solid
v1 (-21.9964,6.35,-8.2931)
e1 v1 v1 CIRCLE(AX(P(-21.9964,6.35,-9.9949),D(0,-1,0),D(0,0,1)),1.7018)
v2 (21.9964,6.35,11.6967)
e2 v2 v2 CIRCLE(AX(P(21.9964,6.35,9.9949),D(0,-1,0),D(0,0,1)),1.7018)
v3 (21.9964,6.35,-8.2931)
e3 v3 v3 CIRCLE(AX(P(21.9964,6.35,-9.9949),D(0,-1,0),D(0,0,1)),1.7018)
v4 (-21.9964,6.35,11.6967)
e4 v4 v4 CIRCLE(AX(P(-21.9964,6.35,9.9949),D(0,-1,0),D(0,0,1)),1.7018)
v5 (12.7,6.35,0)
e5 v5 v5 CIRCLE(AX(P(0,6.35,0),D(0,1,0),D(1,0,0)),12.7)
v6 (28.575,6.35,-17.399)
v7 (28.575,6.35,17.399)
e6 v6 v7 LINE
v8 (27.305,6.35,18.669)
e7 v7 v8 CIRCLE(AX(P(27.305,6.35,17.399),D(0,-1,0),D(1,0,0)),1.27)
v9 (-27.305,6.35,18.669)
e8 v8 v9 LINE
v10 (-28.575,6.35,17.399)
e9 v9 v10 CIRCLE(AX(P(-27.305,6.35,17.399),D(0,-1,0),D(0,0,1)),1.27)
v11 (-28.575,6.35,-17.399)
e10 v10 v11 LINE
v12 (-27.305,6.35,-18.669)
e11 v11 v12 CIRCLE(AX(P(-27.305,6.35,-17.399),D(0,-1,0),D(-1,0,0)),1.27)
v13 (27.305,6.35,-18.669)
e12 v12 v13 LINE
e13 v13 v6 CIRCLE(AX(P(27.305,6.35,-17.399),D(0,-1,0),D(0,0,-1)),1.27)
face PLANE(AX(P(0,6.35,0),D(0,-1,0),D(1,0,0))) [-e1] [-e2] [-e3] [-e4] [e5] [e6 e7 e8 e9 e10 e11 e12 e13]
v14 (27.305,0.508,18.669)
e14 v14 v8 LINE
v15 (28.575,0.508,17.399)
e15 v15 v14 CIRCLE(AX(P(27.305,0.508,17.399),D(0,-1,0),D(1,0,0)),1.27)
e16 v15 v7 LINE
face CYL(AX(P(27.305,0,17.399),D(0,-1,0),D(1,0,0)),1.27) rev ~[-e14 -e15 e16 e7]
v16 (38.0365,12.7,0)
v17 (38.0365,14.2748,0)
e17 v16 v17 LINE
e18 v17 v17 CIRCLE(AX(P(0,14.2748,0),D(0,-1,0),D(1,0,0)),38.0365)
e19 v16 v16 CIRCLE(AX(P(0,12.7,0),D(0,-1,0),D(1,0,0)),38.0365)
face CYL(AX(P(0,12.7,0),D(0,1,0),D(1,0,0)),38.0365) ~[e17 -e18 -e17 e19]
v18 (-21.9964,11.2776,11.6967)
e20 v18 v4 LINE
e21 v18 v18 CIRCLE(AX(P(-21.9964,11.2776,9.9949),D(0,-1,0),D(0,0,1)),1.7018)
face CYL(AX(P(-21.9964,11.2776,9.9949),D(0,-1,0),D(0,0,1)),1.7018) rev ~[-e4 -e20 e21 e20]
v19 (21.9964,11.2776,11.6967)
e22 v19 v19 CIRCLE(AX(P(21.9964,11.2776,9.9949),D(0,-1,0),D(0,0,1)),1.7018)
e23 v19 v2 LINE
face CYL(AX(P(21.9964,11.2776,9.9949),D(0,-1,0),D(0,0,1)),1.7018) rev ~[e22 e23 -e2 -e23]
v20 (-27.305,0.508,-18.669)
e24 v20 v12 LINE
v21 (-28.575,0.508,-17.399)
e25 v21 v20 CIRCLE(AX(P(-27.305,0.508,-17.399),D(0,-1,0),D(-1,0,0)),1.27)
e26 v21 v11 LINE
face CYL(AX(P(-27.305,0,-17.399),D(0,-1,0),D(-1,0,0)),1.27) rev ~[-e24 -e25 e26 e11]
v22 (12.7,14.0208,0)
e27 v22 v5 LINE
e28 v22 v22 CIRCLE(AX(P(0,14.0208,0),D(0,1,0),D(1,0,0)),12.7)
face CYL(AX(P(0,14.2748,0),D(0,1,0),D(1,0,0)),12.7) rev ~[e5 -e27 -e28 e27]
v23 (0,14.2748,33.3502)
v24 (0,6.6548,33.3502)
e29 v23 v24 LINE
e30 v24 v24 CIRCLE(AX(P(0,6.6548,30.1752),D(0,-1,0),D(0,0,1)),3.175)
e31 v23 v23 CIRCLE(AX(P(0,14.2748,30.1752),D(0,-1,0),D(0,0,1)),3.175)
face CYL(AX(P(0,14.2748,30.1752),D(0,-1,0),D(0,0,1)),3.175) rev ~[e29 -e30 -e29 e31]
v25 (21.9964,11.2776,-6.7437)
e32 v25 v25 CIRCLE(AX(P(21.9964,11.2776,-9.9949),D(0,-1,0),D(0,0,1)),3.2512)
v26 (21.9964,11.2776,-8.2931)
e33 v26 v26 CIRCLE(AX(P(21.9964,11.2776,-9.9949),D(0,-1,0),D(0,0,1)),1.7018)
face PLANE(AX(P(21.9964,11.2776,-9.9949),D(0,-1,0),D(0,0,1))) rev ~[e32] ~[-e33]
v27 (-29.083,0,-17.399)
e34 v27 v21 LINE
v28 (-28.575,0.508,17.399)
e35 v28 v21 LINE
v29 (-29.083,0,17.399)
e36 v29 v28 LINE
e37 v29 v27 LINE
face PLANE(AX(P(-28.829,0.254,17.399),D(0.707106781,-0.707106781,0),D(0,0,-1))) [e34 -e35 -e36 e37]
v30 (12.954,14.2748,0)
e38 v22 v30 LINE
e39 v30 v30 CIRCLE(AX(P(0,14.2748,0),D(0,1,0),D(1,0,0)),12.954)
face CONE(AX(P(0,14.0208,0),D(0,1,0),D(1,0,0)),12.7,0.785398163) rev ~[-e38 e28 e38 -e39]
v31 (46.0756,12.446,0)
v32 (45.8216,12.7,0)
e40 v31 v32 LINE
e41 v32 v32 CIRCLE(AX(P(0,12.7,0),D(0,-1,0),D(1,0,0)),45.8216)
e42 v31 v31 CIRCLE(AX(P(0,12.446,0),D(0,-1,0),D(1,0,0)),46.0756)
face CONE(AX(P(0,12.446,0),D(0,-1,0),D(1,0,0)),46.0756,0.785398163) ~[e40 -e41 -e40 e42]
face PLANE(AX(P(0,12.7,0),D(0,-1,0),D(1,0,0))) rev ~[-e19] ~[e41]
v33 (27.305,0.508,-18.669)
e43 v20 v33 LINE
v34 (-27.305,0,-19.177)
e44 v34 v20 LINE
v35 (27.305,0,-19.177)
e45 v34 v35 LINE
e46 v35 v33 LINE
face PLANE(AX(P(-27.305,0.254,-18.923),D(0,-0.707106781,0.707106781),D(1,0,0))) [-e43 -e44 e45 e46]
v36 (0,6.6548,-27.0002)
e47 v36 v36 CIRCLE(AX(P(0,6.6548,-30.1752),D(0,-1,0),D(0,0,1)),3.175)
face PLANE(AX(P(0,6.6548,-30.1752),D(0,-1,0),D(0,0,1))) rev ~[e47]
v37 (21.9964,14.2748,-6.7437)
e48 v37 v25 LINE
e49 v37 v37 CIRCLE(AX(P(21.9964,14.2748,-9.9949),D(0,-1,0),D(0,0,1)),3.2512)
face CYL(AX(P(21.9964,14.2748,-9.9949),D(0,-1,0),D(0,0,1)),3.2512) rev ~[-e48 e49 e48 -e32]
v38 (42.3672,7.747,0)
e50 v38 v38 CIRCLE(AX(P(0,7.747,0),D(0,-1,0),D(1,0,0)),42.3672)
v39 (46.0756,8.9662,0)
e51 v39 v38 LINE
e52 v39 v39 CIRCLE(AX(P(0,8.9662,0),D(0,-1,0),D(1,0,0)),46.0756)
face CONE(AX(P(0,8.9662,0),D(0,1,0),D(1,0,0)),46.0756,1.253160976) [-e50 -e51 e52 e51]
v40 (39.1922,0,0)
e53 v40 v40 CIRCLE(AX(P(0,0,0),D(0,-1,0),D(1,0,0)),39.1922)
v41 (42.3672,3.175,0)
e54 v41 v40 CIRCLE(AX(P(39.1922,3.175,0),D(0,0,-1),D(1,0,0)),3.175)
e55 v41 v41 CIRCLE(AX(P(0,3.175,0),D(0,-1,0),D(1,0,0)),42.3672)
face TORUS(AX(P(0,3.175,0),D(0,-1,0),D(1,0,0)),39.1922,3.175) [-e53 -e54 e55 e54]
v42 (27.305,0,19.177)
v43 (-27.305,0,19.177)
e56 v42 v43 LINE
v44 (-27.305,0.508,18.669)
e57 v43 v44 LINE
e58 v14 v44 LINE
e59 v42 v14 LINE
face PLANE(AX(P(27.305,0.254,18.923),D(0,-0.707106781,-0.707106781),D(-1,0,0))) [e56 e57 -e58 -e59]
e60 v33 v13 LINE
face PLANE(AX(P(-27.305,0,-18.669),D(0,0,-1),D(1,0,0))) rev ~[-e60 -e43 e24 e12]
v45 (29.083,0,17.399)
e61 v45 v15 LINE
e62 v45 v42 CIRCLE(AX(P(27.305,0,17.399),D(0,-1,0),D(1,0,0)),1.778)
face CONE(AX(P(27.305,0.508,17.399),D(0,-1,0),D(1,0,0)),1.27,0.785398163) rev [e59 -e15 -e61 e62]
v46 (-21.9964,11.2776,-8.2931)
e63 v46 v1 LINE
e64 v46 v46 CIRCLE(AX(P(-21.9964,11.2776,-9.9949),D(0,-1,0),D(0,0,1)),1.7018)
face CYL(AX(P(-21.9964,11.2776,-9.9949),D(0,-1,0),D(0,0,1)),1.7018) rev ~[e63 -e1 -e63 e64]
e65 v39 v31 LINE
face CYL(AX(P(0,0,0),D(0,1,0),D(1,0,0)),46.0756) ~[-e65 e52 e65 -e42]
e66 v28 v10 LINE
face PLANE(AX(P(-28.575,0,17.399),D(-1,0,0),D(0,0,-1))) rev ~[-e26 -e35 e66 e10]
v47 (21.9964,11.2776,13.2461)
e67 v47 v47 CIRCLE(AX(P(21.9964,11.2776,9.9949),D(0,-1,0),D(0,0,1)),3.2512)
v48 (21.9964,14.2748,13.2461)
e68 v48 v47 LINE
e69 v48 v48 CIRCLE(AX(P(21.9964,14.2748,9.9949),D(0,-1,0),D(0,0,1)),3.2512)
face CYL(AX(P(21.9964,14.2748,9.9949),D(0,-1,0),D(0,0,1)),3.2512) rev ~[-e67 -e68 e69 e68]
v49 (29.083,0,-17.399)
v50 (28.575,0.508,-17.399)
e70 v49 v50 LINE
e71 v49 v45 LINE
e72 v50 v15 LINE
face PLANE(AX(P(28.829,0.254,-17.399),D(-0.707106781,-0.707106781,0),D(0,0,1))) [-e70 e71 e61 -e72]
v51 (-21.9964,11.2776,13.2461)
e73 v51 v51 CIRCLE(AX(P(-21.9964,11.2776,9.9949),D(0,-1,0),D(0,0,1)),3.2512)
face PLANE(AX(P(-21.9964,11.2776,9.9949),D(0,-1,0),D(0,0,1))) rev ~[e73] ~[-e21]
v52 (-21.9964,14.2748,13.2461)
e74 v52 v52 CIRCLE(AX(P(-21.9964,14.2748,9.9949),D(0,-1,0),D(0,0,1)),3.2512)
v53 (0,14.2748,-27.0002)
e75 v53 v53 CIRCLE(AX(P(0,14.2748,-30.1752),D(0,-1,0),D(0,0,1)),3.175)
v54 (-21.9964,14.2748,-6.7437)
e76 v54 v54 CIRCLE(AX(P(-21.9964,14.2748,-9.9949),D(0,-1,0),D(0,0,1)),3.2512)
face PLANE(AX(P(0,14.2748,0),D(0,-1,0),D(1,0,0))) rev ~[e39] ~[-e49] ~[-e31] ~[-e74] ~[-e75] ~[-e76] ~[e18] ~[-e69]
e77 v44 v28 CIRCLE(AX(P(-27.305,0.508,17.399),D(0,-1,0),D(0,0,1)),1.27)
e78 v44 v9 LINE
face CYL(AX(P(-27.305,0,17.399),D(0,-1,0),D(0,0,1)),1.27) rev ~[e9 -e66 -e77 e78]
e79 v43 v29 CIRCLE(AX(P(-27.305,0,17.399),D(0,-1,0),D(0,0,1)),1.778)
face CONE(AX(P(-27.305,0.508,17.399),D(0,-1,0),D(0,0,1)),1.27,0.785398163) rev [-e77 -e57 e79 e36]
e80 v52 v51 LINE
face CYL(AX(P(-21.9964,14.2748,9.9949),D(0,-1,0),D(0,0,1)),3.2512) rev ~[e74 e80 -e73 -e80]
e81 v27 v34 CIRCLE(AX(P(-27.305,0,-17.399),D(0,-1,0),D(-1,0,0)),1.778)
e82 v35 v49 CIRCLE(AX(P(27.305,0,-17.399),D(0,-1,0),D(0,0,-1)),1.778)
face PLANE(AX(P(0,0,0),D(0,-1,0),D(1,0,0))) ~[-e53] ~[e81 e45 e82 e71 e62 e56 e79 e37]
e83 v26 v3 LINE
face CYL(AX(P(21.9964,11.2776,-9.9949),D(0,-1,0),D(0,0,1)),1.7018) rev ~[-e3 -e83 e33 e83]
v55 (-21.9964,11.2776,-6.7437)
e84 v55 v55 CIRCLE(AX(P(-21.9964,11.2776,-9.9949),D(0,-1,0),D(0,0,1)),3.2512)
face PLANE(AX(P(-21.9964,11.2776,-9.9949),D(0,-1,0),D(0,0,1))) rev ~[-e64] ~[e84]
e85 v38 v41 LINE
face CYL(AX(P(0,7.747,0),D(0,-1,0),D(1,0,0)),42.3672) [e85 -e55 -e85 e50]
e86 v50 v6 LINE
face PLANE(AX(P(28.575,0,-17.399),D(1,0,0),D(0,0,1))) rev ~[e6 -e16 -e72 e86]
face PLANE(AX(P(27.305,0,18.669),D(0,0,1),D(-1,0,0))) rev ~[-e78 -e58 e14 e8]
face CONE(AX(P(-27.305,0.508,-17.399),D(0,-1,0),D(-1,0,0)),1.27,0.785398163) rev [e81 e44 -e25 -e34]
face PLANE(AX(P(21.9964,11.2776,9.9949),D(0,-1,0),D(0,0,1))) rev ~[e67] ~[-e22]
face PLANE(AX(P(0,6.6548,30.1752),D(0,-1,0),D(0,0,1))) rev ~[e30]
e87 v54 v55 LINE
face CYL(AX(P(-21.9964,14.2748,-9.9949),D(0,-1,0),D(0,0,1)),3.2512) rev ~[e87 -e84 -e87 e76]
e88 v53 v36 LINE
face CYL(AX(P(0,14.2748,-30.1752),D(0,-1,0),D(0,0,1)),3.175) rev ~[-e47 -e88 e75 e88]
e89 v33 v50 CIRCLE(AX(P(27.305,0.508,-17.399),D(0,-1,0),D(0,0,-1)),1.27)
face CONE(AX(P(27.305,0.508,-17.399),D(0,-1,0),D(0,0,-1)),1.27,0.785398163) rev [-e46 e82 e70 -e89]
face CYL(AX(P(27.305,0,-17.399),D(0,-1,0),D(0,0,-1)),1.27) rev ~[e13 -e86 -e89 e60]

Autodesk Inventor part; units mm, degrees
ref_plane "YZ Plane" through (0, 0, 0) normal (1, 0, 0) x (0, 1, 0)
ref_plane "XZ Plane" through (0, 0, 0) normal (0, 1, 0) x (-1, 0, 0)
ref_plane "XY Plane" through (0, 0, 0) normal (0, 0, 1) x (1, 0, 0)
sketch "Sketch1" plane through (0, 0, 0) normal (0, 0, 1) x (1, 0, 0)
  line L0 (17.5514, 0) -> (46.0756, 0)
  line L1 (46.0756, 0) -> (46.0756, 12.7)
  line L2 (46.0756, 12.7) -> (0, 12.7)
  line L3 (0, 12.7) -> (0, 0)
  line L4 (17.5514, 12.7) -> (17.5514, 0)
  line L5 (46.0756, 8.9662) -> (42.3672, 8.9662)
  line L6 (42.3672, 7.747) -> (42.3672, 0)
  line L7 (46.0756, 7.747) -> (42.3672, 7.747)
  line L8 (46.0756, 8.9662) -> (42.3672, 7.747)
  line L9 (0, 11.1252) -> (0, 12.7)
  line L10 (17.5514, 0) -> (23.85, 0)
  line L11 (0, -2.5) -> (0, 0)
  line L12 (0, 12.7) -> (38.0365, 12.7)
  line L13 (38.0365, 12.7) -> (38.0365, 14.2748)
  line L14 (38.0365, 14.2748) -> (0, 14.2748)
  line L15 (0, 14.2748) -> (0, 12.7)
  line L16 (17.5514, 12.7) -> (17.5514, 14.2748)
  line L17 (0, 0) -> (17.5514, 0)
  dimension "d1" = 12.7
  dimension "d3" = 3.7338
  dimension "d5" = 4.953
  dimension "d8" = 17.5514
  dimension "d9" = 42.3672
  dimension "d10" = 46.0756
  dimension "d11" = 1.5748
  dimension "d12" = 38.0365
revolve "Revolution1" add sketch "Sketch1" angle 360 about axis through (0, 12.7, 0) along (0, -1, 0) contours L4 L2 L1 L8 L6 L0 | L17 L3 L2 L4 | L16 L14 L13 L2 | L2 L15 L14 L16
sketch "Sketch2" plane through (0, 14.2748, 0) normal (0, 1, 0) x (1, 0, 0)
  circle A0 centre (0, 0) radius 30.1752
  point P0 (0, 30.1752)
  point P1 (0, -30.1752)
  dimension "d14" = 60.3504
hole "Hole1" at (0, 14.2748, -30.1752) at (0, 14.2748, 30.1752) direction (0, -1, 0) diameter 6.35 depth 7.62
fillet "Fillet1" radius 3.175 1 edges at (-42.3672, 0, 0)
sketch "Sketch3" plane through (0, 0, 0) normal (0, -1, 0) x (1, 0, 0)
  line L0 (27.305, 18.669) -> (-27.305, 18.669)
  line L1 (-28.575, 17.399) -> (-28.575, -17.399)
  line L2 (-27.305, -18.669) -> (27.305, -18.669)
  line L3 (28.575, -17.399) -> (28.575, 17.399)
  line L4 (28.575, 18.669) -> (-28.575, -18.669) construction
  line L5 (-28.575, 18.669) -> (28.575, -18.669) construction
  arc A0 (27.305, -18.669) -> (28.575, -17.399) centre (27.305, -17.399) ccw
  arc A1 (28.575, 17.399) -> (27.305, 18.669) centre (27.305, 17.399) ccw
  arc A2 (-27.305, 18.669) -> (-28.575, 17.399) centre (-27.305, 17.399) ccw
  arc A3 (-28.575, -17.399) -> (-27.305, -18.669) centre (-27.305, -17.399) ccw
  point P0 (0, 0)
  dimension "d23" = 57.15
  dimension "d24" = 37.338
  dimension "d25" = 1.27
sketch "Sketch4" plane through (0, 14.2748, 0) normal (0, 1, 0) x (1, 0, 0)
  line L0 (21.9964, 9.9949) -> (-21.9964, 9.9949)
  line L1 (-21.9964, 9.9949) -> (-21.9964, -9.9949)
  line L2 (-21.9964, -9.9949) -> (21.9964, -9.9949)
  line L3 (21.9964, -9.9949) -> (21.9964, 9.9949)
  line L4 (21.9964, 9.9949) -> (-21.9964, -9.9949) construction
  line L5 (-21.9964, 9.9949) -> (21.9964, -9.9949) construction
  point P0 (0, 0)
  dimension "d26" = 19.9898
  dimension "d27" = 43.9928
hole "Hole2" at (21.9964, 14.2748, 9.9949) at (21.9964, 14.2748, -9.9949) at (-21.9964, 14.2748, 9.9949) at (-21.9964, 14.2748, -9.9949) direction (0, -1, 0) diameter 3.4036 end through all counterbore diameter 6.5024 counterbore depth 2.9972 clearance for "Socket Head Cap Screw" size "M3" standard "Ansi Metric M Profile"
extrude "Extrusion1" cut sketch "Sketch3" against normal blind 6.35
chamfer "Chamfer1" distance 0.508 angle 45 8 edges at (0, 0, 18.669) (28.203, 0, 18.297) (28.575, 0, 0) (28.203, 0, -18.297) (0, 0, -18.669) (-28.203, 0, -18.297) (-28.575, 0, 0) (-28.203, 0, 18.297)
sketch "Sketch5" plane through (0, 14.2748, 0) normal (0, 1, 0) x (1, 0, 0)
  circle A0 centre (0, 0) radius 12.7
  dimension "d40" = 25.4
extrude "Extrusion2" cut sketch "Sketch5" against normal through all
chamfer "Chamfer2" distance 0.254 angle 45 2 edges at (-46.0756, 12.7, 0) (-12.7, 14.2748, 0)
properties part number "2016.06.09 ps Hamamatsu PMT Adapter" material "Aluminum 6061"
